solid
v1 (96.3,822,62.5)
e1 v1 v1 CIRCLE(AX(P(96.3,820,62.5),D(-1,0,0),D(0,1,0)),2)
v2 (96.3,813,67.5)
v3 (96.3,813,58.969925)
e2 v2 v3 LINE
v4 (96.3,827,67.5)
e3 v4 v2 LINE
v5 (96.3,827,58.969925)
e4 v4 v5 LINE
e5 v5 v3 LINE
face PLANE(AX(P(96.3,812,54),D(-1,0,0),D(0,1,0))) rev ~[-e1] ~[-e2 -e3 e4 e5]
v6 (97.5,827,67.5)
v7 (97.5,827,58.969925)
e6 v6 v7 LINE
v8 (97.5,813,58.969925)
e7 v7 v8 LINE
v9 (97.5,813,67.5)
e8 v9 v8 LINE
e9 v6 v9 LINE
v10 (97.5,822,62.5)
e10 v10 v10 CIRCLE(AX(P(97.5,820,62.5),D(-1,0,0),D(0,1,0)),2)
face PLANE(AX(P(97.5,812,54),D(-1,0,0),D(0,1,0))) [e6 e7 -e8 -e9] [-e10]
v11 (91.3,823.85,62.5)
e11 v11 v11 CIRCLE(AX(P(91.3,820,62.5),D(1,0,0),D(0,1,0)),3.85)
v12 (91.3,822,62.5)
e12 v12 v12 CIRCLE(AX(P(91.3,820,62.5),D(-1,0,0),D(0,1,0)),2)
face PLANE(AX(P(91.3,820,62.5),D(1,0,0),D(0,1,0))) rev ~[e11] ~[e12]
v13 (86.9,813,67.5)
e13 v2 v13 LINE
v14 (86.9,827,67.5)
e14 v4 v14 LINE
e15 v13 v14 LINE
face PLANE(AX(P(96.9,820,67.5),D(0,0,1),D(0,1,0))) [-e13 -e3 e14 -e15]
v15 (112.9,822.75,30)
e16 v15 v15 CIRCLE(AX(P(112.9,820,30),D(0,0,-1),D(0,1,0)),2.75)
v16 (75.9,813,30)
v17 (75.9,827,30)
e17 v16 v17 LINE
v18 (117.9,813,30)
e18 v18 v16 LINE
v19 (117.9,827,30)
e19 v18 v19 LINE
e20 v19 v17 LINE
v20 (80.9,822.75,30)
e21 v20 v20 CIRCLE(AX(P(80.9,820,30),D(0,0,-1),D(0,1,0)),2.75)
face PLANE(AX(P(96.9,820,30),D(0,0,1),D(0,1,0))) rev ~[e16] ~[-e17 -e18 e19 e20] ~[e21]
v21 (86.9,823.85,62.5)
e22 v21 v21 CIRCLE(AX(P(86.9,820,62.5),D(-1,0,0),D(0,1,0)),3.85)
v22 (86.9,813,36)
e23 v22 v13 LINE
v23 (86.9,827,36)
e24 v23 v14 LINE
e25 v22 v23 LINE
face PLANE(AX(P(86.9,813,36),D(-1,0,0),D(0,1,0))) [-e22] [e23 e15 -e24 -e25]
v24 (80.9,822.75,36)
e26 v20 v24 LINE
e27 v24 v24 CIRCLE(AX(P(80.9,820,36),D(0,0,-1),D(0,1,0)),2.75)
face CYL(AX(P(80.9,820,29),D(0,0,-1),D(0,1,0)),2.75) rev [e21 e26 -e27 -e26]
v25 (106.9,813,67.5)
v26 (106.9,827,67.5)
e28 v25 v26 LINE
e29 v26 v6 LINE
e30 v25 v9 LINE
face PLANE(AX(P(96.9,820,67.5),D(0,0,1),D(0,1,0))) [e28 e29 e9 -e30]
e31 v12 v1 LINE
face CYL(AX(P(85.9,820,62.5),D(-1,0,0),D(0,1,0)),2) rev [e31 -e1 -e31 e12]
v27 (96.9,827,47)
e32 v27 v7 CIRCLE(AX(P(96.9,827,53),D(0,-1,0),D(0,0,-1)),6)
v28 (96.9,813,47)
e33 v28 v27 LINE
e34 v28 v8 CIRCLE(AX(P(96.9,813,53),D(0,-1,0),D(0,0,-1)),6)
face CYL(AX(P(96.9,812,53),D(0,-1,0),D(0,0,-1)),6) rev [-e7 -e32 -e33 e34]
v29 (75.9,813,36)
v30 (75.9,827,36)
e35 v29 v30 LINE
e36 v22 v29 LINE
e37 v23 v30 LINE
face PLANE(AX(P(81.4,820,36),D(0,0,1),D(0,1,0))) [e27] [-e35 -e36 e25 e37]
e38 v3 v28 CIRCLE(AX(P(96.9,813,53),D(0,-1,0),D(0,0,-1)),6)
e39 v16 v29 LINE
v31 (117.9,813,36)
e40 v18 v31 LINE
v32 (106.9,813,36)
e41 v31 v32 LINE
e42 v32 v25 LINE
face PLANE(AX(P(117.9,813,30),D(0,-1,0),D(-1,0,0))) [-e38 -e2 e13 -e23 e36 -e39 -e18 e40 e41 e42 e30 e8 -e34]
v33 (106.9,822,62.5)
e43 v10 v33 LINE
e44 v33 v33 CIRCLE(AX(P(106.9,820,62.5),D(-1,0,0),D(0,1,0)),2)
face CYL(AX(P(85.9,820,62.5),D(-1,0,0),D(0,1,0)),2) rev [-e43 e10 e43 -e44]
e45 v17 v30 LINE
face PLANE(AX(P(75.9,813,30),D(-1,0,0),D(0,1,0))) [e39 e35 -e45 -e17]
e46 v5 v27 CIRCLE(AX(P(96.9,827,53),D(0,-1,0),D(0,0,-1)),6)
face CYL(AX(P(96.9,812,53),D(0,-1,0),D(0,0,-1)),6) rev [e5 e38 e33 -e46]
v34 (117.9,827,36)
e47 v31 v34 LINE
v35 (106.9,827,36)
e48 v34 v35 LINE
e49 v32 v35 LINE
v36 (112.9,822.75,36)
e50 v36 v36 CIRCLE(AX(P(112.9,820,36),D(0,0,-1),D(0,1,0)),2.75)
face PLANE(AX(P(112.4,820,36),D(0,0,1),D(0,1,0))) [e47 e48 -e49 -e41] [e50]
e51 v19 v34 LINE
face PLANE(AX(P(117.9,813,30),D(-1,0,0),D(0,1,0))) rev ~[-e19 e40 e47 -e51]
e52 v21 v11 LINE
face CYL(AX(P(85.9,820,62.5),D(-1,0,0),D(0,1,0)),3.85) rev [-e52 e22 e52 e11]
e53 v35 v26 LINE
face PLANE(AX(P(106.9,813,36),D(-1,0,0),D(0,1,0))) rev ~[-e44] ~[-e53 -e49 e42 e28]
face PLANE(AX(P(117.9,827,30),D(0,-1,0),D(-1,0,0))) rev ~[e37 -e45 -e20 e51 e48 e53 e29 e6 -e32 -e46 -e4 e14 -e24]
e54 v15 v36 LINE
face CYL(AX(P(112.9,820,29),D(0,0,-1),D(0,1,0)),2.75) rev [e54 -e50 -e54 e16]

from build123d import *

# Parameters (mm, degrees)
MBOLT_SH_L_R                     = 2.75
MBOLT_SH_L_DEPTH                 = 8
MBOLT_SH_R_R                     = 2.75
MBOLT_SH_R_DEPTH                 = 8
MBOLTS_SH_PLACEMENT_ANGLE        = 90
TBOLT_SHAFT_R                    = 2
TBOLT_SHAFT_DEPTH                = 22
TBOLT_SHAFT_ROLL_ANGLE           = 90
UP_SEP_W                         = 16
UP_SEP_H                         = 1.2
UP_SEP_DEPTH                     = 15.5
SHAFT_HOLE_R                     = 6
SHAFT_HOLE_DEPTH                 = 16
SHAFT_HOLE_PITCH_ANGLE           = 90
TBOLT_HEAD_R                     = 3.85
TBOLT_HEAD_DEPTH                 = 5.4
TBOLT_HEAD_ROLL_ANGLE            = 90
SIDE_BOX_L_W                     = 14
SIDE_BOX_L_H                     = 11
SIDE_BOX_L_DEPTH                 = 31.5
SIDE_BOX_R_W                     = 14
SIDE_BOX_R_H                     = 11
SIDE_BOX_R_DEPTH                 = 31.5
TOTAL_BOX_W                      = 14
TOTAL_BOX_H                      = 42
TOTAL_BOX_DEPTH                  = 37.5
SK_SHAPE_W_HOLES_PLACEMENT_ANGLE = 90


with BuildPart() as mbolt_sh_l:
    # mbolt_sh_l → mbolt_sh_l (new body)
    with BuildSketch(Plane(origin=(7, -16, -1), x_dir=(1, 0, 0), z_dir=(0, 0, 1))):
        Circle(MBOLT_SH_L_R)
    extrude(amount=MBOLT_SH_L_DEPTH)


with BuildPart() as mbolts_sh:
    # mbolt_sh_r → mbolt_sh_r (new body)
    with BuildSketch(Plane(origin=(7, 16, -1), x_dir=(1, 0, 0), z_dir=(0, 0, 1))):
        Circle(MBOLT_SH_R_R)
    extrude(amount=MBOLT_SH_R_DEPTH)

    # mbolts_sh: union mbolt_sh_l
    add(mbolt_sh_l.part)


with BuildPart() as mbolts_sh_1:
    # mbolts_sh placement: moved
    add(mbolts_sh.part.moved(Location((0, -7, 0))).rotate(Axis((0, -7, 0), (0, 0, 1)), MBOLTS_SH_PLACEMENT_ANGLE))


with BuildPart() as tbolt_shaft:
    # tbolt_shaft → tbolt_shaft (new body)
    with BuildSketch(Plane.XY):
        Circle(TBOLT_SHAFT_R)
    extrude(amount=TBOLT_SHAFT_DEPTH)


with BuildPart() as tbolt_shaft_1:
    # tbolt_shaft roll: moved
    add(tbolt_shaft.part.rotate(Axis((0, 0, 0), (1, 0, 0)), TBOLT_SHAFT_ROLL_ANGLE))


with BuildPart() as tbolt_shaft_2:
    # tbolt_shaft placement: moved
    add(tbolt_shaft_1.part.moved(Location((7, 11, 32.5))))


with BuildPart() as up_sep:
    # up_sep → up_sep (new body)
    with BuildSketch(Plane(origin=(-1, -0.6, 24), x_dir=(1, 0, 0), z_dir=(0, 0, 1))):
        with Locations((8, 0.6)):
            Rectangle(UP_SEP_W, UP_SEP_H)
    extrude(amount=UP_SEP_DEPTH)


with BuildPart() as shaft_hole:
    # shaft_hole → shaft_hole (new body)
    with BuildSketch(Plane.XY):
        Circle(SHAFT_HOLE_R)
    extrude(amount=SHAFT_HOLE_DEPTH)


with BuildPart() as shaft_hole_1:
    # shaft_hole pitch: moved
    add(shaft_hole.part.rotate(Axis((0, 0, 0), (0, 1, 0)), SHAFT_HOLE_PITCH_ANGLE))


with BuildPart() as shaft_hole_2:
    # shaft_hole placement: moved
    add(shaft_hole_1.part.moved(Location((-1, 0, 23))))


with BuildPart() as fuse_shaft_holes:
    # tbolt_head → tbolt_head (new body)
    with BuildSketch(Plane.XY):
        Circle(TBOLT_HEAD_R)
    extrude(amount=TBOLT_HEAD_DEPTH)


with BuildPart() as fuse_shaft_holes_1:
    # tbolt_head roll: moved
    add(fuse_shaft_holes.part.rotate(Axis((0, 0, 0), (1, 0, 0)), TBOLT_HEAD_ROLL_ANGLE))


with BuildPart() as fuse_shaft_holes_2:
    # tbolt_head placement: moved
    add(fuse_shaft_holes_1.part.moved(Location((7, 11, 32.5))))

    # fuse_shaft_holes: union tbolt_shaft, up_sep, shaft_hole
    add(tbolt_shaft_2.part)
    add(up_sep.part)
    add(shaft_hole_2.part)


with BuildPart() as side_box_l:
    # side_box_l → side_box_l (new body)
    with BuildSketch(Plane(origin=(0, -21, 6), x_dir=(1, 0, 0), z_dir=(0, 0, 1))):
        with Locations((7, 5.5)):
            Rectangle(SIDE_BOX_L_W, SIDE_BOX_L_H)
    extrude(amount=SIDE_BOX_L_DEPTH)


with BuildPart() as side_boxes:
    # side_box_r → side_box_r (new body)
    with BuildSketch(Plane(origin=(0, 10, 6), x_dir=(1, 0, 0), z_dir=(0, 0, 1))):
        with Locations((7, 5.5)):
            Rectangle(SIDE_BOX_R_W, SIDE_BOX_R_H)
    extrude(amount=SIDE_BOX_R_DEPTH)

    # side_boxes: union side_box_l
    add(side_box_l.part)


with BuildPart() as sk12_br:
    # total_box → total_box (new body)
    with BuildSketch(Plane(origin=(0, -21, 0), x_dir=(1, 0, 0), z_dir=(0, 0, 1))):
        with Locations((7, 21)):
            Rectangle(TOTAL_BOX_W, TOTAL_BOX_H)
    extrude(amount=TOTAL_BOX_DEPTH)

    # sk_shape: cut side_boxes
    add(side_boxes.part, mode=Mode.SUBTRACT)

    # sk_shape_w_holes: cut fuse_shaft_holes
    add(fuse_shaft_holes_2.part, mode=Mode.SUBTRACT)


with BuildPart() as sk12_br_1:
    # sk_shape_w_holes placement: moved
    add(sk12_br.part.moved(Location((0, -7, 0))).rotate(Axis((0, -7, 0), (0, 0, 1)), SK_SHAPE_W_HOLES_PLACEMENT_ANGLE))

    # sk12_fr: cut mbolts_sh
    add(mbolts_sh_1.part, mode=Mode.SUBTRACT)


with BuildPart() as sk12_br_2:
    # sk12_fr placement: moved
    add(sk12_br_1.part.moved(Location((96.9, 286, 30))))


with BuildPart() as sk12_br_3:
    # Clone015 placement: moved
    add(sk12_br_2.part.moved(Location((0, 534, 0))))


solid = sk12_br_3.part
